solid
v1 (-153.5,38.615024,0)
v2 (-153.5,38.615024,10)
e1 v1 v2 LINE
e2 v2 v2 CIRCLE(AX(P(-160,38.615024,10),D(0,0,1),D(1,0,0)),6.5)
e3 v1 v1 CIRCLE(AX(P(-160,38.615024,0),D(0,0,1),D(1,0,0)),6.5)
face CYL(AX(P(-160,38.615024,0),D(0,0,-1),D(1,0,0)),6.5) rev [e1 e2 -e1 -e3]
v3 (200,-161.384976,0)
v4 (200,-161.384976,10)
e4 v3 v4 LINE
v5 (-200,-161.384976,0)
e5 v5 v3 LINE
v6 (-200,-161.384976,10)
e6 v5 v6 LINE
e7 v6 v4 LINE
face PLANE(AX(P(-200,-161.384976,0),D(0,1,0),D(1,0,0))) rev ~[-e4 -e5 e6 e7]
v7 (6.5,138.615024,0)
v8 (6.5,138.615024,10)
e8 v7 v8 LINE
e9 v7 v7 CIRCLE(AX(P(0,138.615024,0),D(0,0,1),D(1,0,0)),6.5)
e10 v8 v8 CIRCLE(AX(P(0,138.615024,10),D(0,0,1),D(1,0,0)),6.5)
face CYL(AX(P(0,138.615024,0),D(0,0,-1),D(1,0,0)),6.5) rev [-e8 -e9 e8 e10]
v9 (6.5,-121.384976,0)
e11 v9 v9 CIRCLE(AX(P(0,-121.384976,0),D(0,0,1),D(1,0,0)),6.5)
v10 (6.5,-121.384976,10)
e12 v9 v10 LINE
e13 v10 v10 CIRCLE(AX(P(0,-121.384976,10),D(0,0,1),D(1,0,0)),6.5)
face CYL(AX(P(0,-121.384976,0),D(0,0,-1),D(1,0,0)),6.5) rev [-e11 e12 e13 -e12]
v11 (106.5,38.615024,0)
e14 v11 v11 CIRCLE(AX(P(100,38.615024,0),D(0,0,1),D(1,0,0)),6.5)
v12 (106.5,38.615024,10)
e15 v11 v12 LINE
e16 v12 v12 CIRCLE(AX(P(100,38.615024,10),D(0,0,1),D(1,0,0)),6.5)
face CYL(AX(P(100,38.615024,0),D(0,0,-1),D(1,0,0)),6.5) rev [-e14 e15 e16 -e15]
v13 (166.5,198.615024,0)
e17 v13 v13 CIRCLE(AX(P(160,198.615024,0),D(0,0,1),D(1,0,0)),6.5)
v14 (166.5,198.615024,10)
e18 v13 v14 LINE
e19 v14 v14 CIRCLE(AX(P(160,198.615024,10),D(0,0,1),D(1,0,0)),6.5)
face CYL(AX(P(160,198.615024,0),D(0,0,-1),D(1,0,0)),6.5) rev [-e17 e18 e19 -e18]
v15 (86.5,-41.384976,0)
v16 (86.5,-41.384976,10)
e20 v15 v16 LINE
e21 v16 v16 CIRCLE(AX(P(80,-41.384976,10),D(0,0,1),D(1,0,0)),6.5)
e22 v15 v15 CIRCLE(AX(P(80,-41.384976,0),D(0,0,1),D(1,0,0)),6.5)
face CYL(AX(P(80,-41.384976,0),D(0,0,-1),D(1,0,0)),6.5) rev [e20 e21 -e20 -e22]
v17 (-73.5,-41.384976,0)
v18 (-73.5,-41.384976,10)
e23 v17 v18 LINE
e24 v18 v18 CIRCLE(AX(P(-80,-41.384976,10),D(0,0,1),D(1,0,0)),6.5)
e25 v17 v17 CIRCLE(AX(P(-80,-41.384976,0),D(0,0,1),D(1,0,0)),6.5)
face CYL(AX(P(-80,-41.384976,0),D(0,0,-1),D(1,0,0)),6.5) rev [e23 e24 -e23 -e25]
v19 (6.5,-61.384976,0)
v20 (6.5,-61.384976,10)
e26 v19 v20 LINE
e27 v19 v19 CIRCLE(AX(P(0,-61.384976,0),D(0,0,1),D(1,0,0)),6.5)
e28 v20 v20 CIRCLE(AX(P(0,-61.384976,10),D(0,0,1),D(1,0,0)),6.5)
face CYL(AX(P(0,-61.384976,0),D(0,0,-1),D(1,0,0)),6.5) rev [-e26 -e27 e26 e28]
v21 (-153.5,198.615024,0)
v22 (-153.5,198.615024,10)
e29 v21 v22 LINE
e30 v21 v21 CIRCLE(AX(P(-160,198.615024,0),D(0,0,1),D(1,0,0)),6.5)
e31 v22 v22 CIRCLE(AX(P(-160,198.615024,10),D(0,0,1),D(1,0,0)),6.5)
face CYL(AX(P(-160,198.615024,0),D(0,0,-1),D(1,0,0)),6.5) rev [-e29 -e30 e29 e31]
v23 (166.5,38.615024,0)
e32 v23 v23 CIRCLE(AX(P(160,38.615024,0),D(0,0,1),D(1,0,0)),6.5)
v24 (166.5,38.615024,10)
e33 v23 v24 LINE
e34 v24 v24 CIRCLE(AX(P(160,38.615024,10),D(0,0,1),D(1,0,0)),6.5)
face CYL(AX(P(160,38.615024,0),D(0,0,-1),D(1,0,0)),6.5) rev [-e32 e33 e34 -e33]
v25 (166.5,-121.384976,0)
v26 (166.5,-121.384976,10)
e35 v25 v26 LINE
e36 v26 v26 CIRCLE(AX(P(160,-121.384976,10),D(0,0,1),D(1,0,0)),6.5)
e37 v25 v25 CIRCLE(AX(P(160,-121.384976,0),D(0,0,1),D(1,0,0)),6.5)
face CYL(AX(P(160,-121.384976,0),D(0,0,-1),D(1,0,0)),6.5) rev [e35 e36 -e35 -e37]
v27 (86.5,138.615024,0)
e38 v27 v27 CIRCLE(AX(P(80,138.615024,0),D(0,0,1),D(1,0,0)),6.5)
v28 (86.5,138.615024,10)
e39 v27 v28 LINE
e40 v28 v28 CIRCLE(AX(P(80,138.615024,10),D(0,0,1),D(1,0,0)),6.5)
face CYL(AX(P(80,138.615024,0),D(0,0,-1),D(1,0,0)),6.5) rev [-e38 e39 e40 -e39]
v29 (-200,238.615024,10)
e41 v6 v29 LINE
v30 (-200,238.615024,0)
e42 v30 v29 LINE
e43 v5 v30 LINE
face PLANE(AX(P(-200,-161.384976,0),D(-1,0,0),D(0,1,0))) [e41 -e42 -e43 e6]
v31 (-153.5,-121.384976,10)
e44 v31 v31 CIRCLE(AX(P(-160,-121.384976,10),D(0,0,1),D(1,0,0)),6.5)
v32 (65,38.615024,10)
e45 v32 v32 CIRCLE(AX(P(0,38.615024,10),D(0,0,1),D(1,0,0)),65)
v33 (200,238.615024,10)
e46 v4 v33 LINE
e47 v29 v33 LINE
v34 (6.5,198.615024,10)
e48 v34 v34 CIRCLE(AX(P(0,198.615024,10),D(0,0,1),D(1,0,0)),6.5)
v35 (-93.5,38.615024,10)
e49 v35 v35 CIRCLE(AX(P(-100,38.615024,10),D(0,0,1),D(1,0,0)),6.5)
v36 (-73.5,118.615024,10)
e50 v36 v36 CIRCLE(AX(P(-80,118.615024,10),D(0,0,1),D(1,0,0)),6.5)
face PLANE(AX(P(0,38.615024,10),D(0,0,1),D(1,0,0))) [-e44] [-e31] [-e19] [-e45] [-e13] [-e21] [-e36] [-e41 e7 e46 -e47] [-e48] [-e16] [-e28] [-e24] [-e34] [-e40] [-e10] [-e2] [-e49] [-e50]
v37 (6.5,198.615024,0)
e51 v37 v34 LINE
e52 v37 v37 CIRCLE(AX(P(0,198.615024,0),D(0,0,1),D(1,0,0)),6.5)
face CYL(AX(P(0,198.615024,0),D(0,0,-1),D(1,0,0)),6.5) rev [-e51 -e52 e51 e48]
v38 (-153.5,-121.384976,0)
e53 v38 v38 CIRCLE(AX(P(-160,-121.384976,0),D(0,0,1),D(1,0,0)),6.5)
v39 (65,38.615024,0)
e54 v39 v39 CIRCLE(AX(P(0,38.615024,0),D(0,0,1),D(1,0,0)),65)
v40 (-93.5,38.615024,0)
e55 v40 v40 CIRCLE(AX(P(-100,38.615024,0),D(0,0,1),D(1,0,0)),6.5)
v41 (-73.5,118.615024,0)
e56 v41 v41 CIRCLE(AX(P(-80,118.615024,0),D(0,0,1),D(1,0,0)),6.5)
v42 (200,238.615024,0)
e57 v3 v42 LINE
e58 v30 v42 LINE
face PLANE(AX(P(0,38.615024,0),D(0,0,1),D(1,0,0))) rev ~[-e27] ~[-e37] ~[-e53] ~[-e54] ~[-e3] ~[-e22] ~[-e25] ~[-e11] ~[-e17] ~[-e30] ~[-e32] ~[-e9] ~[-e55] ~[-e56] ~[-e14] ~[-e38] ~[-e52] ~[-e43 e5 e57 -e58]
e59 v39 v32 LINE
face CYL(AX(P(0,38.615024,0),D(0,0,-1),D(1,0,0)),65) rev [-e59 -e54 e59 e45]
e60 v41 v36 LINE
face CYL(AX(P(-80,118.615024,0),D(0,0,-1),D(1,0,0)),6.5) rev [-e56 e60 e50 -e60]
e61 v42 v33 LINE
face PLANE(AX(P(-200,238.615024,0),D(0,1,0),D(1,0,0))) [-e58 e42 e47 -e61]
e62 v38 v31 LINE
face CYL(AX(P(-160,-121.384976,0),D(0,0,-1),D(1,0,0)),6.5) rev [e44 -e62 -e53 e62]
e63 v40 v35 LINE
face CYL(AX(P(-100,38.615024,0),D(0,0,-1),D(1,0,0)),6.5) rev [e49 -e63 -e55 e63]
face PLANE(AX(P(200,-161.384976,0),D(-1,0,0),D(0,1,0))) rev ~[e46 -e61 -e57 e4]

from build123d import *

# Parameters (mm, degrees)
F0_W     = 400
F0_H     = 400
F0_R     = 6.5
F0_R_2   = 65
F1_DEPTH = 10


with BuildPart() as f1:
    # F0 (on Top) → F1 (new body)
    with BuildSketch(Plane.XY):
        with Locations((0, 38.615024)):
            Rectangle(F0_W, F0_H)
        with Locations((-160, -121.384976)):
            Circle(F0_R, mode=Mode.SUBTRACT)
        with Locations((-160, 38.615024)):
            Circle(F0_R, mode=Mode.SUBTRACT)
        with Locations((-80, -41.384976)):
            Circle(F0_R, mode=Mode.SUBTRACT)
        with Locations((0, -121.384976)):
            Circle(F0_R, mode=Mode.SUBTRACT)
        with Locations((160, -121.384976)):
            Circle(F0_R, mode=Mode.SUBTRACT)
        with Locations((0, -61.384976)):
            Circle(F0_R, mode=Mode.SUBTRACT)
        with Locations((80, -41.384976)):
            Circle(F0_R, mode=Mode.SUBTRACT)
        with Locations((-100, 38.615024)):
            Circle(F0_R, mode=Mode.SUBTRACT)
        with Locations((-80, 118.615024)):
            Circle(F0_R, mode=Mode.SUBTRACT)
        with Locations((-160, 198.615024)):
            Circle(F0_R, mode=Mode.SUBTRACT)
        with Locations((0, 38.615024)):
            Circle(F0_R_2, mode=Mode.SUBTRACT)
        with Locations((100, 38.615024)):
            Circle(F0_R, mode=Mode.SUBTRACT)
        with Locations((160, 38.615024)):
            Circle(F0_R, mode=Mode.SUBTRACT)
        with Locations((0, 138.615024)):
            Circle(F0_R, mode=Mode.SUBTRACT)
        with Locations((80, 138.615024)):
            Circle(F0_R, mode=Mode.SUBTRACT)
        with Locations((0, 198.615024)):
            Circle(F0_R, mode=Mode.SUBTRACT)
        with Locations((160, 198.615024)):
            Circle(F0_R, mode=Mode.SUBTRACT)
    extrude(amount=F1_DEPTH)


solid = f1.part
